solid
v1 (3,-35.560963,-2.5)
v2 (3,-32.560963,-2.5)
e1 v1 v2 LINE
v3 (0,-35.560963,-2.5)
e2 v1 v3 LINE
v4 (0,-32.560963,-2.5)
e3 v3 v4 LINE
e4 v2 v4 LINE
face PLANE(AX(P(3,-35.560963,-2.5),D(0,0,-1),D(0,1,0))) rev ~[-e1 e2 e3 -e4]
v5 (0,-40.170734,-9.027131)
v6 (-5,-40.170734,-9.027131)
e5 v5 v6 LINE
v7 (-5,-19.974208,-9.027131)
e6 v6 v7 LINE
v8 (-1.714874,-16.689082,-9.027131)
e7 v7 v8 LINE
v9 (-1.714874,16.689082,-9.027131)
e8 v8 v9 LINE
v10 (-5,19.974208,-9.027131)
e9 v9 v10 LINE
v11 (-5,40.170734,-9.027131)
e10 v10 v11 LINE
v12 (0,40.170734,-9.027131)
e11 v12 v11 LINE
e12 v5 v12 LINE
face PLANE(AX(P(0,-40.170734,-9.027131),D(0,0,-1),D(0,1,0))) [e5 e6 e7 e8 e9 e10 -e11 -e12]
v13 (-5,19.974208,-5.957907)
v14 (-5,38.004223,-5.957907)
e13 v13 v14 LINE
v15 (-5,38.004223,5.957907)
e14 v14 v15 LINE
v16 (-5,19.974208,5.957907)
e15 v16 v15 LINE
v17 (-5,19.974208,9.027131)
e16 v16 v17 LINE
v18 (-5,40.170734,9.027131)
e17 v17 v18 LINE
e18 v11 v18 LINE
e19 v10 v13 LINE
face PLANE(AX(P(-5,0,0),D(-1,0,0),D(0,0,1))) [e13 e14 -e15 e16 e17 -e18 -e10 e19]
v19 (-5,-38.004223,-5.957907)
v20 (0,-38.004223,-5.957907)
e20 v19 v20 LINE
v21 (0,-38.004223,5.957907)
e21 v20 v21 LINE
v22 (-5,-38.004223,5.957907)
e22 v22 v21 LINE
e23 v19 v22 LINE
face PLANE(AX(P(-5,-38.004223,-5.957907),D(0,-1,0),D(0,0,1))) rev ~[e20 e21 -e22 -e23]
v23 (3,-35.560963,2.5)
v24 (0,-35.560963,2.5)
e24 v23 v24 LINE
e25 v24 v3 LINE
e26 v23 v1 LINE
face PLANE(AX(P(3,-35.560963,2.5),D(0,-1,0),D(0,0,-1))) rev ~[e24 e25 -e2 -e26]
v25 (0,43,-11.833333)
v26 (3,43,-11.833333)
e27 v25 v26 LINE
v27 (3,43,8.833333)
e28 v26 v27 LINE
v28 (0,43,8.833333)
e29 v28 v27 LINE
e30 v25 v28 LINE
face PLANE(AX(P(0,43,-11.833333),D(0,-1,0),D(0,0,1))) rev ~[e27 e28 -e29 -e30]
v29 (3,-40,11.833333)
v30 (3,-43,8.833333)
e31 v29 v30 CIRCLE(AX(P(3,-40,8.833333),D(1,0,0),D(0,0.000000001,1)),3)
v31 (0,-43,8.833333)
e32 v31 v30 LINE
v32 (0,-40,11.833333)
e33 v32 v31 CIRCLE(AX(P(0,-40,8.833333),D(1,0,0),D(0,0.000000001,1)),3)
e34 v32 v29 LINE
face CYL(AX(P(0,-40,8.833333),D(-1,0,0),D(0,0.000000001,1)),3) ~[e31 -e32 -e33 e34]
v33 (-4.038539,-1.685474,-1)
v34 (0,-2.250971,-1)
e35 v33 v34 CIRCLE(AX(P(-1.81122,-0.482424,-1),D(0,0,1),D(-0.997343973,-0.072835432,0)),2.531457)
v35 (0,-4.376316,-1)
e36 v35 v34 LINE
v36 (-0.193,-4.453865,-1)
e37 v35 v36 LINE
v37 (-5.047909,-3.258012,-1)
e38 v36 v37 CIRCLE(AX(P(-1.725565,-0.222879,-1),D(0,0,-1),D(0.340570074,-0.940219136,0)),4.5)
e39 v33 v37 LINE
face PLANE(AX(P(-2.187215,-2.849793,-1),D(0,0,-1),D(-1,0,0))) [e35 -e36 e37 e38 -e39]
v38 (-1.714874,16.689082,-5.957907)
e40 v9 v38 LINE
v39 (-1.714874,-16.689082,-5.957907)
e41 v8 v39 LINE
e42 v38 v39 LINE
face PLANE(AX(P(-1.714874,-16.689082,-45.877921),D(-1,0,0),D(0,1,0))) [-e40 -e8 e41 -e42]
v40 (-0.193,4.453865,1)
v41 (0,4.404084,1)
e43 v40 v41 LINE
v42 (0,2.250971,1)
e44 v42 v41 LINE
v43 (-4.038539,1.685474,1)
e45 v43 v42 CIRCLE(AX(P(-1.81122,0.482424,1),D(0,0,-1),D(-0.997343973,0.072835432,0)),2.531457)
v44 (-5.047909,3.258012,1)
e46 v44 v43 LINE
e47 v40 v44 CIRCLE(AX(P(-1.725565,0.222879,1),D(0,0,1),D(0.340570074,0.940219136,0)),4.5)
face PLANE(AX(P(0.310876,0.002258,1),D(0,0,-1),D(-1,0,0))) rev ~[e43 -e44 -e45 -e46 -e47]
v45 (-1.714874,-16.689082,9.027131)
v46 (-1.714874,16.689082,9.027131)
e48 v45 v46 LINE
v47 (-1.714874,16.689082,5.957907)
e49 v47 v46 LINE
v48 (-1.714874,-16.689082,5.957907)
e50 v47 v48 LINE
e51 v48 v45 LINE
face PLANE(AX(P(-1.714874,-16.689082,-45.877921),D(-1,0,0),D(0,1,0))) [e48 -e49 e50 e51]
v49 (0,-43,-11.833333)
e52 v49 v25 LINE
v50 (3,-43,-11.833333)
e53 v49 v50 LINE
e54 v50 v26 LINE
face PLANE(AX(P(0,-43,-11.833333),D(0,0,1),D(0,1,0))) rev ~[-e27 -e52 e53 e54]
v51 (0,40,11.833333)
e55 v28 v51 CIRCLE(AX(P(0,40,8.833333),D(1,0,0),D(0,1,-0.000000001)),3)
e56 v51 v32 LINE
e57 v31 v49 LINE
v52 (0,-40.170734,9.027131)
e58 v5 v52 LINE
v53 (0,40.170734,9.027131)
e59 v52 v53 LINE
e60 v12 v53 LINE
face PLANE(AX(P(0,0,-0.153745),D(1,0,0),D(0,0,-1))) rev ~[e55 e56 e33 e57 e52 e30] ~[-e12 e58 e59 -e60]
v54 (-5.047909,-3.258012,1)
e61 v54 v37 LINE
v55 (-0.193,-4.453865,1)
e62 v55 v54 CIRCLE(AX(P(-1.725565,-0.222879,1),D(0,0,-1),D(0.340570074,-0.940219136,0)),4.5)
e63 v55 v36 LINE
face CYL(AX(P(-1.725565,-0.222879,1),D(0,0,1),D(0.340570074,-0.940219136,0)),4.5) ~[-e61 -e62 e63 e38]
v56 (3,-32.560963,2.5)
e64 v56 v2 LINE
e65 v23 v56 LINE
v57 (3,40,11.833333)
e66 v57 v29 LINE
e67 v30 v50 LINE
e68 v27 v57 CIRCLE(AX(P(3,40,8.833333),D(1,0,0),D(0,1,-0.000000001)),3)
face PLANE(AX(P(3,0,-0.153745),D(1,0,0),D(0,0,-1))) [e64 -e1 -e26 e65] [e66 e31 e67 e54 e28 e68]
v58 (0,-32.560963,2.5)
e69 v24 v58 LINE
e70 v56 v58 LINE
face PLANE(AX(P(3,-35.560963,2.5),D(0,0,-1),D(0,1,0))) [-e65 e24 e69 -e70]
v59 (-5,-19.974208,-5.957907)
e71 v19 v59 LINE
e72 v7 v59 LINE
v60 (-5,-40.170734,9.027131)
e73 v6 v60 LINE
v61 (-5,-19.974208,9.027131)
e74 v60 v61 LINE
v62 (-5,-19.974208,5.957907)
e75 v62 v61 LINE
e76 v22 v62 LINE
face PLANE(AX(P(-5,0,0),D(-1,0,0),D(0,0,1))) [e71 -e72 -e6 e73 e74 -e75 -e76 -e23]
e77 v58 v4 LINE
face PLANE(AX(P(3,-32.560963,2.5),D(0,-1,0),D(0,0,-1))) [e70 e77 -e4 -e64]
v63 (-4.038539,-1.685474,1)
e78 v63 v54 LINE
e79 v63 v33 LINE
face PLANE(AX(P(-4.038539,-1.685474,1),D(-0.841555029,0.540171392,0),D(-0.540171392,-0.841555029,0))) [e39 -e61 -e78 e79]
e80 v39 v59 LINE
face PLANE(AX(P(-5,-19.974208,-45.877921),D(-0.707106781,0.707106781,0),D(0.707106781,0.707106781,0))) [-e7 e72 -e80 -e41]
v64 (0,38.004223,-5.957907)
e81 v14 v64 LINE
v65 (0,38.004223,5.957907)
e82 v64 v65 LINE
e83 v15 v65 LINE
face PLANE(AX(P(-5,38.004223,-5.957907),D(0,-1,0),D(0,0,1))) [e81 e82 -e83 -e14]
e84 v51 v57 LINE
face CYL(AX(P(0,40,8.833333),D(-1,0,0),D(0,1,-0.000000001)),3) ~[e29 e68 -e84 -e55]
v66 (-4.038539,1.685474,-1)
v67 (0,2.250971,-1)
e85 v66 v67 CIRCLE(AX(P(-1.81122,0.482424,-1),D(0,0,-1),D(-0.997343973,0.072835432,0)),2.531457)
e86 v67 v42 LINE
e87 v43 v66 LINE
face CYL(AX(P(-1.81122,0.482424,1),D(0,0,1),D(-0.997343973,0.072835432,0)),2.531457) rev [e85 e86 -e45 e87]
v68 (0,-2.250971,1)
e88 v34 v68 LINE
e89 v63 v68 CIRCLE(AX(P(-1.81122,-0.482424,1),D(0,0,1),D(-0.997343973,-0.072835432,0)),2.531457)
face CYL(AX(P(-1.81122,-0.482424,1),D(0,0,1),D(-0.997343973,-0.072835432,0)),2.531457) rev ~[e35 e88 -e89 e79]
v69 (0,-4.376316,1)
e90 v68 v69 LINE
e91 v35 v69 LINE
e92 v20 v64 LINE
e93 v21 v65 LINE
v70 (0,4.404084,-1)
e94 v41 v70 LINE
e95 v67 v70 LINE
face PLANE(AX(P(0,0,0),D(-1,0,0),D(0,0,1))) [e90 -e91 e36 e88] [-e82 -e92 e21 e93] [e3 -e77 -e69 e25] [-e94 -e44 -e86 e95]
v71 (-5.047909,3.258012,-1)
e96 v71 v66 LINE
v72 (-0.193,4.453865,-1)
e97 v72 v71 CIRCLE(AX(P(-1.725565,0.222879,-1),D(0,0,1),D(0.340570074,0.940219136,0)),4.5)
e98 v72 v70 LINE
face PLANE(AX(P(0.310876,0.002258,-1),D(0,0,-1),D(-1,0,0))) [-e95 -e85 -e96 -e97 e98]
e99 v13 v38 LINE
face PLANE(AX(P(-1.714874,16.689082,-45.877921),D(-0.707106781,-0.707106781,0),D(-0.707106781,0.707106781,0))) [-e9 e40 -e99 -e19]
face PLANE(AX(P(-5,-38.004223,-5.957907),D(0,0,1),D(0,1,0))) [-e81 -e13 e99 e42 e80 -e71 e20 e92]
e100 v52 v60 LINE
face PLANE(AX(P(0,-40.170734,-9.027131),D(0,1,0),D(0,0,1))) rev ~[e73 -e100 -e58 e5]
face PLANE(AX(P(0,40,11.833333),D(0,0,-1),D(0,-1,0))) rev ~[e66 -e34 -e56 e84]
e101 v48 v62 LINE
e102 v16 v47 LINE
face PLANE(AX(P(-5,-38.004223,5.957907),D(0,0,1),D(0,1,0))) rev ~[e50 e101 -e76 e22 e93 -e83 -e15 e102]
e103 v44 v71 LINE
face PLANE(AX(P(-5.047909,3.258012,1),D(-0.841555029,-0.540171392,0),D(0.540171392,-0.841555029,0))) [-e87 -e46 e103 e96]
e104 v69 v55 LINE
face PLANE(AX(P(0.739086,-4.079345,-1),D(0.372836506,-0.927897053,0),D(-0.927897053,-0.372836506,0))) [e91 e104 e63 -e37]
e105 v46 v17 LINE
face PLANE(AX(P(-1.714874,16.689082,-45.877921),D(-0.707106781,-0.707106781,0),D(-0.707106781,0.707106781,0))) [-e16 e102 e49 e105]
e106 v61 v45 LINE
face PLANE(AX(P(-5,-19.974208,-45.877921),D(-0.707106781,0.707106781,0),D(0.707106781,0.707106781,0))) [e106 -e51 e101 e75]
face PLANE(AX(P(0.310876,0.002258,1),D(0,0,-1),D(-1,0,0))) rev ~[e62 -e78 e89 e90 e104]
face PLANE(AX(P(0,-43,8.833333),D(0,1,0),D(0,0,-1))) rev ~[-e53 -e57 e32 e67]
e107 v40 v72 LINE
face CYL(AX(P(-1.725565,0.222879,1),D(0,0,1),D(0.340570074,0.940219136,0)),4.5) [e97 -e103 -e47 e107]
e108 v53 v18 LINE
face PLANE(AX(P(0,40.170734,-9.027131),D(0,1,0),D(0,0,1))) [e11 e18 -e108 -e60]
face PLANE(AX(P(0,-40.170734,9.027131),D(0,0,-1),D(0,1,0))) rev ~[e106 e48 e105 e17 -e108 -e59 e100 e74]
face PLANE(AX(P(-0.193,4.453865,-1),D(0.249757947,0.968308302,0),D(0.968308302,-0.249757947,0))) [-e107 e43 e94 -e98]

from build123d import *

# Parameters (mm, degrees)
BOSS_EXTRUDE1_DEPTH     = 3
SKETCH2_W               = 5
SKETCH2_H               = 3
CUT_EXTRUDE1_DEPTH      = 45.699303997
SKETCH3_W               = 18.054262684
SKETCH3_H               = 80.34146894
BOSS_EXTRUDE2_DEPTH     = 5
SKETCH5_W               = 11.91581337
SKETCH5_H               = 76.008445896
CUT_EXTRUDE2_DEPTH      = 5
CUT_EXTRUDE3_DEPTH      = 45.877920827
CUT_EXTRUDE3_DEPTH_BACK = 45.877920827
SKETCH7_W               = 2
SKETCH7_H               = 9
BOSS_EXTRUDE3_DEPTH     = 5
CUT_EXTRUDE4_DEPTH      = 5
SKETCH9_W               = 2.534423144
SKETCH9_H               = 2
CUT_EXTRUDE5_DEPTH      = 1
CUT_EXTRUDE6_DEPTH      = 2
BOSS_EXTRUDE5_DEPTH     = 2
BOSS_EXTRUDE6_DEPTH     = 2
CUT_EXTRUDE7_START      = -2
CUT_EXTRUDE7_DEPTH      = 2


with BuildPart() as part:
    # Sketch1 → Boss-Extrude1 (new body)
    with BuildSketch(Plane(origin=(0, 0, 0), x_dir=(0, 0, -1), z_dir=(1, 0, 0))):
        with BuildLine():
            Line((-8.833333333, -43), (11.833333333, -43))
            Line((11.833333333, -43), (11.833333333, 43))
            Line((11.833333333, 43), (-8.833333333, 43))
            ThreePointArc((-8.833333333, 43), (-10.954653677, 42.121320344), (-11.833333333, 40))
            Line((-11.833333333, 40), (-11.833333333, -40))
            ThreePointArc((-11.833333333, -40), (-10.954653677, -42.121320344), (-8.833333333, -43))
        make_face()
    extrude(amount=BOSS_EXTRUDE1_DEPTH)

    # Sketch2 → Cut-Extrude1 (cut, through all)
    with BuildSketch(Plane(origin=(3, 0, 0), x_dir=(0, 0, -1), z_dir=(1, 0, 0))):
        with Locations((0, -34.060962647)):
            Rectangle(SKETCH2_W, SKETCH2_H)
    extrude(amount=-CUT_EXTRUDE1_DEPTH, mode=Mode.SUBTRACT)

    # Sketch3 → Boss-Extrude2 (add)
    with BuildSketch(Plane.ZY):
        Rectangle(SKETCH3_W, SKETCH3_H)
    extrude(amount=BOSS_EXTRUDE2_DEPTH)

    # Sketch5 → Cut-Extrude2 (cut)
    with BuildSketch(Plane.ZY.offset(5)):
        Rectangle(SKETCH5_W, SKETCH5_H)
    extrude(amount=-CUT_EXTRUDE2_DEPTH, mode=Mode.SUBTRACT)

    # Sketch6 → Cut-Extrude3 (cut, two sides: drawn at the far end of the back side and taken through both)
    with BuildSketch(Plane.XY.offset(-CUT_EXTRUDE3_DEPTH_BACK)):
        Polygon((-5, -19.974207963), (-1.714874455, -16.689082418), (-1.714874455, 16.689082418), (-5, 19.974207963), align=None)
    extrude(amount=CUT_EXTRUDE3_DEPTH + CUT_EXTRUDE3_DEPTH_BACK, mode=Mode.SUBTRACT)

    # Sketch7 → Boss-Extrude3 (add)
    with BuildSketch(Plane.ZY):
        Rectangle(SKETCH7_W, SKETCH7_H)
    extrude(amount=BOSS_EXTRUDE3_DEPTH)

    # Sketch8 → Cut-Extrude4 (cut)
    with BuildSketch(Plane.XY.offset(1)):
        with BuildLine():
            ThreePointArc((-5, -0.459578833), (-2.44210099, -2.530530169), (0, -0.32421434))
            Line((0, -0.32421434), (0, 0.32421434))
            ThreePointArc((0, 0.32421434), (-2.44210099, 2.530530169), (-5, 0.459578833))
            Line((-5, 0.459578833), (-5, -0.459578833))
        make_face()
        with BuildLine():
            Line((-5, -4.5), (-2.510609776, -4.5))
            ThreePointArc((-2.510609776, -4.5), (-3.81075192, -4.308088951), (-5, -3.748724625))
            Line((-5, -3.748724625), (-5, -4.5))
        make_face()
        with BuildLine():
            Line((-2.510609776, -4.5), (0, -4.5))
            Line((0, -4.5), (0, -3.734546632))
            ThreePointArc((0, -3.734546632), (-1.198256898, -4.304384965), (-2.510609776, -4.5))
        make_face()
        with BuildLine():
            ThreePointArc((-2.510609794, 4.5), (-1.198256907, 4.304384967), (0, 3.734546632))
            Line((0, 3.734546632), (0, 4.5))
            Line((0, 4.5), (-2.510609794, 4.5))
        make_face()
        with BuildLine():
            ThreePointArc((-5, 3.748724625), (-3.810751929, 4.308088948), (-2.510609794, 4.5))
            Line((-2.510609794, 4.5), (-5, 4.5))
            Line((-5, 4.5), (-5, 3.748724625))
        make_face()
    extrude(amount=-CUT_EXTRUDE4_DEPTH, mode=Mode.SUBTRACT)

    # Sketch9 → Cut-Extrude5 (cut)
    with BuildSketch(Plane.ZY.offset(5)):
        Rectangle(SKETCH9_W, SKETCH9_H)
    extrude(amount=-CUT_EXTRUDE5_DEPTH, mode=Mode.SUBTRACT)

    # Sketch12 → Cut-Extrude6 (cut)
    with BuildSketch(Plane.XY.offset(1)):
        with BuildLine():
            Line((-4.836179898, -1), (-5, -1))
            Line((-5, -1), (-5, -3.748724625))
            ThreePointArc((-5, -3.748724625), (-2.497849634, -4.499981909), (0, -3.734546632))
            Line((0, -3.734546632), (0, -0.32421434))
            ThreePointArc((0, -0.32421434), (-2.160279243, -2.507098902), (-4.836179898, -1))
        make_face()
        with BuildLine():
            Line((-5, 3.748724625), (-5, 1))
            Line((-5, 1), (-4.836179898, 1))
            ThreePointArc((-4.836179898, 1), (-2.160279243, 2.507098902), (0, 0.32421434))
            Line((0, 0.32421434), (0, 3.734546632))
            ThreePointArc((0, 3.734546632), (-2.497849634, 4.499981909), (-5, 3.748724625))
        make_face()
    extrude(amount=-CUT_EXTRUDE6_DEPTH, mode=Mode.SUBTRACT)

    # Sketch10 → Boss-Extrude5 (add)
    with BuildSketch(Plane.XY.offset(1)):
        with BuildLine():
            Line((0.632034053, -1.144834058), (-0.193, -4.453864907))
            ThreePointArc((-0.193, -4.453864907), (-2.801828378, -4.592278965), (-5.047908598, -3.258012274))
            Line((-5.047908598, -3.258012274), (-4.41989103, -0.739171385))
            Line((-4.41989103, -0.739171385), (-4.335953587, -0.66680401))
            ThreePointArc((-4.335953587, -0.66680401), (-2.053682052, -3.002243354), (0.632034053, -1.144834058))
        make_face()
        with BuildLine():
            Line((-5.047908598, 3.258012274), (-4.41989103, 0.739171385))
            Line((-4.41989103, 0.739171385), (-4.335953587, 0.66680401))
            ThreePointArc((-4.335953587, 0.66680401), (-2.053682052, 3.002243354), (0.632034053, 1.144834058))
            Line((0.632034053, 1.144834058), (-0.193, 4.453864907))
            ThreePointArc((-0.193, 4.453864907), (-2.801828378, 4.592278965), (-5.047908598, 3.258012274))
        make_face()
    extrude(amount=-BOSS_EXTRUDE5_DEPTH)

    # Sketch13 → Boss-Extrude6 (add)
    with BuildSketch(Plane(origin=(0, 0, -1), x_dir=(-1, 0, 0), z_dir=(0, 0, -1))):
        Polygon((0, 3.679784186), (0.193, 4.453864907), (-0.617433114, 4.244828064), (-0.739085506, -4.079345447), (0.193, -4.453864907), (0, -3.679784186), (0, -2.250971384), (0, 2.250971384), align=None)
    extrude(amount=-BOSS_EXTRUDE6_DEPTH)

    # Sketch15 → Cut-Extrude7 (cut)
    with BuildSketch(Plane(origin=(0, 0, -1), x_dir=(-1, 0, 0), z_dir=(0, 0, -1)).offset(CUT_EXTRUDE7_START)):
        Polygon((4.65583066, 1.685473556), (5.047908598, 3.258012274), (4.038538563, 1.685473556), align=None)
        with BuildLine():
            Line((4.65583066, 1.685473556), (4.038538563, 1.685473556))
            ThreePointArc((4.038538563, 1.685473556), (4.241224486, 1.191898546), (4.335953587, 0.66680401))
            Line((4.335953587, 0.66680401), (4.41989103, 0.739171385))
            Line((4.41989103, 0.739171385), (4.65583066, 1.685473556))
        make_face()
        with BuildLine():
            ThreePointArc((4.335953587, -0.66680401), (4.241224486, -1.191898546), (4.038538563, -1.685473556))
            Line((4.038538563, -1.685473556), (4.65583066, -1.685473556))
            Line((4.65583066, -1.685473556), (4.41989103, -0.739171385))
            Line((4.41989103, -0.739171385), (4.335953587, -0.66680401))
        make_face()
        Polygon((4.65583066, -1.685473556), (4.038538563, -1.685473556), (5.047908598, -3.258012274), align=None)
    extrude(amount=CUT_EXTRUDE7_DEPTH, mode=Mode.SUBTRACT)


solid = part.part
